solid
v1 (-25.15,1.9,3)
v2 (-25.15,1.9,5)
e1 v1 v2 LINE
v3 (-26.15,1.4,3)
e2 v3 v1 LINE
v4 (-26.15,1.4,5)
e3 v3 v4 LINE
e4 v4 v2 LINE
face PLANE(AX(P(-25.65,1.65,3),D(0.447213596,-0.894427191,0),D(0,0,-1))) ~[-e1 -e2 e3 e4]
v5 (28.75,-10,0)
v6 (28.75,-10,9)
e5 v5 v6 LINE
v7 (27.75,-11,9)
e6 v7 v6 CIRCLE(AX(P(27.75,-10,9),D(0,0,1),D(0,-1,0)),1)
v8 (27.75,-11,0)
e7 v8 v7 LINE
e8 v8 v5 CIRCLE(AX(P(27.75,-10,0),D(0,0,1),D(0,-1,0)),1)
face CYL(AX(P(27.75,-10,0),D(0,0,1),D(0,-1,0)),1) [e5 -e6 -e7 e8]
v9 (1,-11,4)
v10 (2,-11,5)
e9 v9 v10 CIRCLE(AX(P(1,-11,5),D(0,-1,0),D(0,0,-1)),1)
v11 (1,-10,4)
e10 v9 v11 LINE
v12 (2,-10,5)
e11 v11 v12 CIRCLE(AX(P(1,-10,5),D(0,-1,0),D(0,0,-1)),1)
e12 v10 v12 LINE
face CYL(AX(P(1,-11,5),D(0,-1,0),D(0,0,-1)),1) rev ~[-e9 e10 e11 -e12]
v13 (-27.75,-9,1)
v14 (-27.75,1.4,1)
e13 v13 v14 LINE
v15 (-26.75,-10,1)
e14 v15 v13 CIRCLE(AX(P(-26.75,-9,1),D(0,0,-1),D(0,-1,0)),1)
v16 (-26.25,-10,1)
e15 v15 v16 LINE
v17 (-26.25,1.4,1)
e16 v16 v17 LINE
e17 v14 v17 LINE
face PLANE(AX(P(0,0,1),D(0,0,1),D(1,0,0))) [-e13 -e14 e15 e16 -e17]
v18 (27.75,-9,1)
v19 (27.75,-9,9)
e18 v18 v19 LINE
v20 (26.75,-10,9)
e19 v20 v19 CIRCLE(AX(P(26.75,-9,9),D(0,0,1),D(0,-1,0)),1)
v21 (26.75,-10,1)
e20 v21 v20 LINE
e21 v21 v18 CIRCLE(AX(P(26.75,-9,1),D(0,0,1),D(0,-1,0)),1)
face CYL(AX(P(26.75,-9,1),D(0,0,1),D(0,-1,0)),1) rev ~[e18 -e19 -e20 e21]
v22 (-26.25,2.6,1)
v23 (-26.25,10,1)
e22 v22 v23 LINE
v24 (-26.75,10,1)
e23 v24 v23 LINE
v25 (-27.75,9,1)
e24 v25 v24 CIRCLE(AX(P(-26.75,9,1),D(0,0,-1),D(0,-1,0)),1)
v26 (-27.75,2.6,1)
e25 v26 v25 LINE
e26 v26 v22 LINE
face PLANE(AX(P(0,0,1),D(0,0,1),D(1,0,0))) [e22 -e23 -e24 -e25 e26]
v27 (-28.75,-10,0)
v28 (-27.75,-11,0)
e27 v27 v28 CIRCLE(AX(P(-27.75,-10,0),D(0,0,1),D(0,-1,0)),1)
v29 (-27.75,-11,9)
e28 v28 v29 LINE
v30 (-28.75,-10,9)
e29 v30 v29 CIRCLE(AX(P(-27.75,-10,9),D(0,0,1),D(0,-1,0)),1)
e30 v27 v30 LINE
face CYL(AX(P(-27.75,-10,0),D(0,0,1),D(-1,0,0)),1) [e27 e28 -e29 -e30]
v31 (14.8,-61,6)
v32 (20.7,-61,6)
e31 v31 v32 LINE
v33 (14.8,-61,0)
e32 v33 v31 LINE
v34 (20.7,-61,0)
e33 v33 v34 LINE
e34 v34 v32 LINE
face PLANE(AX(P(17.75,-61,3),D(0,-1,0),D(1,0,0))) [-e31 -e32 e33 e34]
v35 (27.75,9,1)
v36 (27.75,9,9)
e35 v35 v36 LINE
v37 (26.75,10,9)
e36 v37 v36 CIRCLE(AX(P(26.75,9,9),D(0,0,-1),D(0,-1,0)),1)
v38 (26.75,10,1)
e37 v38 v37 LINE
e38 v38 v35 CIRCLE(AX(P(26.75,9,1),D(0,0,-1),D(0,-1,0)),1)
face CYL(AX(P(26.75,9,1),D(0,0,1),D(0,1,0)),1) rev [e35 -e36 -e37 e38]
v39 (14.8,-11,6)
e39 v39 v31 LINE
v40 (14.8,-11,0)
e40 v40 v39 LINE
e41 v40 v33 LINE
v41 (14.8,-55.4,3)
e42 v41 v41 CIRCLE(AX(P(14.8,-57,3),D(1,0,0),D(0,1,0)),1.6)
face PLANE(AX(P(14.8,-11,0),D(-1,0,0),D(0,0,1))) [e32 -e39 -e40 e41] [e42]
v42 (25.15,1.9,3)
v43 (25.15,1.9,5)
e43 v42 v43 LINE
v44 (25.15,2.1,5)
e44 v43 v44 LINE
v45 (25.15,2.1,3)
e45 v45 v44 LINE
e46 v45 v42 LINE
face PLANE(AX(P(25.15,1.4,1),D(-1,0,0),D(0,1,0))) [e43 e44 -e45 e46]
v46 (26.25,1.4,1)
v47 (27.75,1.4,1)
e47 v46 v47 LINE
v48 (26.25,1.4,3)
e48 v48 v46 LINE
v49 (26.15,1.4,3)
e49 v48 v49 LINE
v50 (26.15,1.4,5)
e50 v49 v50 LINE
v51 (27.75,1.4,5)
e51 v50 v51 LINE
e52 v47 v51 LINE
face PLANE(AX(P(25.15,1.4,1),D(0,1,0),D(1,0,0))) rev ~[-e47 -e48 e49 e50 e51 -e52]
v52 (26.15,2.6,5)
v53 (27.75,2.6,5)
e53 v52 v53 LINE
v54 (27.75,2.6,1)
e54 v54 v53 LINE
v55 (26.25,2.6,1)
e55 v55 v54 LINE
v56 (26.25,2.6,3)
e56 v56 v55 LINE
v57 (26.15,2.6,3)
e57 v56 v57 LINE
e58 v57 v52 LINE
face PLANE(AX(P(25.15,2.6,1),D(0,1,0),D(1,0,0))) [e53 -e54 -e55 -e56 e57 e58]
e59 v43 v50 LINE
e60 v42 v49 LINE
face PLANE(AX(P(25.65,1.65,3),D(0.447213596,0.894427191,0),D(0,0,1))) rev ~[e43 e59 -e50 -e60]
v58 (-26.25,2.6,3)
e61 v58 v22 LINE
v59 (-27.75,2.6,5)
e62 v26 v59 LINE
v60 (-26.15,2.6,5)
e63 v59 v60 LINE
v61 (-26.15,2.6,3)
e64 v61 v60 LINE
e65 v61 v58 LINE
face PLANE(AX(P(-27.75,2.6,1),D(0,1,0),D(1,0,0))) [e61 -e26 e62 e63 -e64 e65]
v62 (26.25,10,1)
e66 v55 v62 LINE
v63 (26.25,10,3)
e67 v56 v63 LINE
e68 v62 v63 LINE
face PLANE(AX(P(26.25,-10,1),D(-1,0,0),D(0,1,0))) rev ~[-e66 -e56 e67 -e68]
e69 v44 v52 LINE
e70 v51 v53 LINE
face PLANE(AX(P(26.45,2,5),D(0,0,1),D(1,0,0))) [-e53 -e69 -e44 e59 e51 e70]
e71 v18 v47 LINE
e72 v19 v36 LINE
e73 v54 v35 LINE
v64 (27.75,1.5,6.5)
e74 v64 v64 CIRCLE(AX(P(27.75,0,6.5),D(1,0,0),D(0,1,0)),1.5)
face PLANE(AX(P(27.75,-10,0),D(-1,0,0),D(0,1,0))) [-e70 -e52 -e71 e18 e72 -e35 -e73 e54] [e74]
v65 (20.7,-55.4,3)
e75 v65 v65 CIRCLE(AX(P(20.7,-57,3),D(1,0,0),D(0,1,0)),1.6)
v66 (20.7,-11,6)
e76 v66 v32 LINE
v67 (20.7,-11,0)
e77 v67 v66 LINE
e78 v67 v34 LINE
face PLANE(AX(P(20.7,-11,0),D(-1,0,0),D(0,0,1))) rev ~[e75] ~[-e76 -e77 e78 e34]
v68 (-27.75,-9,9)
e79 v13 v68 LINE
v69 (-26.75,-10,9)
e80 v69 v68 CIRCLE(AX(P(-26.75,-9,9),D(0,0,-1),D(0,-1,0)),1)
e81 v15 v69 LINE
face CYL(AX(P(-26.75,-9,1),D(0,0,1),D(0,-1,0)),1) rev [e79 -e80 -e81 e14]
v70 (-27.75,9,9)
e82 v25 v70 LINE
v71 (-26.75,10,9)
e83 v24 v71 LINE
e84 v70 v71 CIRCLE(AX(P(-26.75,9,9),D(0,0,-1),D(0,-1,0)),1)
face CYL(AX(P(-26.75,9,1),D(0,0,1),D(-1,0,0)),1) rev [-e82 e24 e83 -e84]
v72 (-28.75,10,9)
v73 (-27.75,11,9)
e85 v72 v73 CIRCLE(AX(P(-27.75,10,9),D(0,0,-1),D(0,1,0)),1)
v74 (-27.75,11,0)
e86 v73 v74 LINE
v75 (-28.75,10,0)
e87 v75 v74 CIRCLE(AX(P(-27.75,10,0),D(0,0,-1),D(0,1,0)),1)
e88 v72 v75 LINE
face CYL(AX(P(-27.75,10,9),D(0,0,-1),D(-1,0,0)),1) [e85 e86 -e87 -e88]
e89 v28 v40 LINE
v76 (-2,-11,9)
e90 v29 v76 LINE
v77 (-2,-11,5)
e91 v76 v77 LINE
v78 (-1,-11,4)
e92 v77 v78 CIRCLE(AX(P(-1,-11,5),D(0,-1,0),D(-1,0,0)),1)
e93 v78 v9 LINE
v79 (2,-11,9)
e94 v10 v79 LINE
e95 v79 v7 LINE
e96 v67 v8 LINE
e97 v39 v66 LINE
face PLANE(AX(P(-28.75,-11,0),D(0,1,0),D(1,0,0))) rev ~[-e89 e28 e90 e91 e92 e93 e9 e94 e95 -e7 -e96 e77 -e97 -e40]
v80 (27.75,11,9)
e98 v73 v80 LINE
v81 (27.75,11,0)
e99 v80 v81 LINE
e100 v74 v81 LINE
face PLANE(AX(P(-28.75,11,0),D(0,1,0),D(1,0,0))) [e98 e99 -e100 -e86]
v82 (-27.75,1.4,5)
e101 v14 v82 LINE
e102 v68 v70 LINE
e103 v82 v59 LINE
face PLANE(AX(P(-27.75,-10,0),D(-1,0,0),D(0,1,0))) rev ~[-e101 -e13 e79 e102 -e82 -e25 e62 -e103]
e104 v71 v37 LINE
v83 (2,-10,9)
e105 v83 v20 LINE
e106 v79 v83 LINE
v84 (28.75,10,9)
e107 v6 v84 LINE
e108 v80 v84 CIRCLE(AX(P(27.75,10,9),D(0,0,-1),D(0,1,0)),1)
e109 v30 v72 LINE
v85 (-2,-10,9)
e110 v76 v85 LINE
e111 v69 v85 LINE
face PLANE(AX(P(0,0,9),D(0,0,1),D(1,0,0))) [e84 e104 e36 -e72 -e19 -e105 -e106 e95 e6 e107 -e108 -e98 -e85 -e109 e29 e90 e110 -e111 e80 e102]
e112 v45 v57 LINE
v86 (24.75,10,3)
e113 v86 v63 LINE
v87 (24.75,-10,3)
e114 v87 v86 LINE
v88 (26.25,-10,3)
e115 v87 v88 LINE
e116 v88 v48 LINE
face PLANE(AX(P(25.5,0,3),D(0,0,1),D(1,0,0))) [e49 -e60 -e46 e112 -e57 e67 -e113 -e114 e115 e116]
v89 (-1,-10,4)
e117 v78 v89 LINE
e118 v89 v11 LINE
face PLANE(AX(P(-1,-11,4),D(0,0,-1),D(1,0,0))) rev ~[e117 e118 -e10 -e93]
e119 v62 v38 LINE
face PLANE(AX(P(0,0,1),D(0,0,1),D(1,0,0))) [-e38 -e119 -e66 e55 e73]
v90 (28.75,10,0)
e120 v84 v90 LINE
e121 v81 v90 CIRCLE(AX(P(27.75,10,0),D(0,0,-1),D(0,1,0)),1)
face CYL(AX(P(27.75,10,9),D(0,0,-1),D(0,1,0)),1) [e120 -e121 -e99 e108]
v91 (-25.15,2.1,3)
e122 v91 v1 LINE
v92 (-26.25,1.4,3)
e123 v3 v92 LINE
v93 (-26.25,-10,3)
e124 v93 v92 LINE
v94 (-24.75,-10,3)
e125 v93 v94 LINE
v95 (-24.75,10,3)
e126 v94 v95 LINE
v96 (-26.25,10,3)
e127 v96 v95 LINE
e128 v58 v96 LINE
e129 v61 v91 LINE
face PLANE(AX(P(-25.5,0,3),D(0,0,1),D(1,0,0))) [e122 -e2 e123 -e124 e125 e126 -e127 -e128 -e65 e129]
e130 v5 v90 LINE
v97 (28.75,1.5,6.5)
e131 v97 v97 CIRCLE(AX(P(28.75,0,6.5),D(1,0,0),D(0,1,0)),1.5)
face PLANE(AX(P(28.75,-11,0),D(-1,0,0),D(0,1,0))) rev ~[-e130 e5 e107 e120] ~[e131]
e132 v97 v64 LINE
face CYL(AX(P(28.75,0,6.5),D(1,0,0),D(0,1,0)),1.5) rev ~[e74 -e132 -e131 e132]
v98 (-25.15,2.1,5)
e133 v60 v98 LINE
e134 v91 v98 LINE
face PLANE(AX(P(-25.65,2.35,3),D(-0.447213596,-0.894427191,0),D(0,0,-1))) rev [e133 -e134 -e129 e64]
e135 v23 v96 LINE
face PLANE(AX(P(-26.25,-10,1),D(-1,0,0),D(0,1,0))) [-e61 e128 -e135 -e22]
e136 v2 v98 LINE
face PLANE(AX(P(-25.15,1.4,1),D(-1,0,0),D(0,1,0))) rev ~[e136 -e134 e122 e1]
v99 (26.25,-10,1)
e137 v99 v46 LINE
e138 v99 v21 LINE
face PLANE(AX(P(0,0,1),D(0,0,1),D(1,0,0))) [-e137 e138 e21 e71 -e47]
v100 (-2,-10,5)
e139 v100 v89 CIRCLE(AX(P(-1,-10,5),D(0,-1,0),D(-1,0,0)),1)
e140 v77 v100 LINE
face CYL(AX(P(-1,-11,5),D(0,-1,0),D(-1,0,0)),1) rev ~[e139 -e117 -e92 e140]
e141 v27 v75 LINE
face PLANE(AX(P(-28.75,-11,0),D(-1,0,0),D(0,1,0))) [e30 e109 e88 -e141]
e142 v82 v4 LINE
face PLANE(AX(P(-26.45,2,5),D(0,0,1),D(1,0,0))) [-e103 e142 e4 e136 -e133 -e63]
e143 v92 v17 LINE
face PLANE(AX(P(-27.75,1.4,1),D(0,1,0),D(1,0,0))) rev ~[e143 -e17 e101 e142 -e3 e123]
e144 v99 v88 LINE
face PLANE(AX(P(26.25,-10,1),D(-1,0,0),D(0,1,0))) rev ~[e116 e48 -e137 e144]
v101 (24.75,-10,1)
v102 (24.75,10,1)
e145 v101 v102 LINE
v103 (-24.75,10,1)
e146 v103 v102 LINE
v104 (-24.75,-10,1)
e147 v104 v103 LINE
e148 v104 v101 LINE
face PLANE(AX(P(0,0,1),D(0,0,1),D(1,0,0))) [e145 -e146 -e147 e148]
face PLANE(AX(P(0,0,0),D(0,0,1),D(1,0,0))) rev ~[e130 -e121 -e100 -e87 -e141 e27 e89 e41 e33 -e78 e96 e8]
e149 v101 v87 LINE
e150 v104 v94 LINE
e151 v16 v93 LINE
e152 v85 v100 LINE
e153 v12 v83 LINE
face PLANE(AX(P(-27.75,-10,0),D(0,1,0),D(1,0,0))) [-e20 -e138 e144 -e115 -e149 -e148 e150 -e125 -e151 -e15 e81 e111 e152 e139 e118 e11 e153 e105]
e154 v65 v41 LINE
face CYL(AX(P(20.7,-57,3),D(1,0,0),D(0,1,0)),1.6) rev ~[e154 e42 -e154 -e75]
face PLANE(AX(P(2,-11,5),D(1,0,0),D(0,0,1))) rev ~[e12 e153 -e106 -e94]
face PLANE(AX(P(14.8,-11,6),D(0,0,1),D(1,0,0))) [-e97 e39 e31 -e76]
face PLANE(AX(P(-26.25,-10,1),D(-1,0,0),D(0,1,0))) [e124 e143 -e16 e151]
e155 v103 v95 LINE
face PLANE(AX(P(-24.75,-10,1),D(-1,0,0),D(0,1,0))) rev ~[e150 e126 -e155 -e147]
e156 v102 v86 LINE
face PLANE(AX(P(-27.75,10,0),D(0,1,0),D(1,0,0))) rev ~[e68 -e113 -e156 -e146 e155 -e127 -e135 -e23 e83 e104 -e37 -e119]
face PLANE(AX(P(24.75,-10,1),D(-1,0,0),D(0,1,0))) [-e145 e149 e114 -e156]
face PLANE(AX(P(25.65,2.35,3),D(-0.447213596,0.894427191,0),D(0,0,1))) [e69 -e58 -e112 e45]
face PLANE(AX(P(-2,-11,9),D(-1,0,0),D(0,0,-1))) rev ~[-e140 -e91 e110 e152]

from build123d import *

# Parameters (mm, degrees)
F0_W        = 57.5
F0_H        = 22
F0_W_2      = 55.5
F0_H_2      = 20
F1_DEPTH    = 9
F2_W        = 57.5
F2_H        = 22
F3_DEPTH    = 1
F5_DEPTH    = 1
F6_W        = 5.9
F6_H        = 6
F7_DEPTH    = 50
F8_R        = 1.6
F9_DEPTH    = 5.9
F10_W       = 1.5
F10_H       = 20
F11_DEPTH   = 2
F12_R       = 1
F13_R       = 1
F14_R       = 1.5
F15_DEPTH   = 1
F16_W       = 2.6
F16_H       = 1.2
F17_DEPTH   = 4
F18_SIZE2   = 0.5
F18_SIZE    = 1
F18_2_SIZE2 = 0.5
F18_2_SIZE  = 1
F19_SIZE2   = 1
F19_SIZE    = 0.5


with BuildPart() as f1:
    # F0 (on Top) → F1 (new body)
    with BuildSketch(Plane.XY):
        Rectangle(F0_W, F0_H)
        Rectangle(F0_W_2, F0_H_2, mode=Mode.SUBTRACT)
    extrude(amount=F1_DEPTH)

    # F2 (on Top) → F3 (join)
    with BuildSketch(Plane.XY):
        Rectangle(F2_W, F2_H)
    extrude(amount=F3_DEPTH)

    # F4 (on face) → F5 (cut, through all)
    with BuildSketch(Plane.XZ.offset(11)):
        with BuildLine():
            Line((2, 9), (-2, 9))
            Line((-2, 9), (-2, 5))
            ThreePointArc((-2, 5), (-1.7071067812, 4.2928932188), (-1, 4))
            Line((-1, 4), (1, 4))
            ThreePointArc((1, 4), (1.7071067812, 4.2928932188), (2, 5))
            Line((2, 5), (2, 9))
        make_face()
    extrude(amount=-F5_DEPTH, mode=Mode.SUBTRACT)

    # F6 (on face) → F7 (join)
    with BuildSketch(Plane.XZ.offset(11)):
        with Locations((17.75, 3)):
            Rectangle(F6_W, F6_H)
    extrude(amount=F7_DEPTH)

    # F8 (on face) → F9 (cut, through all)
    with BuildSketch(Plane.YZ.offset(20.7)):
        with Locations((-57, 3)):
            Circle(F8_R)
    extrude(amount=-F9_DEPTH, mode=Mode.SUBTRACT)

    # F10 (on face) → F11 (join)
    with BuildSketch(Plane.XY.offset(1)):
        with Locations((-25.5, 0)):
            Rectangle(F10_W, F10_H)
        with Locations((25.5, 0)):
            Rectangle(F10_W, F10_H)
    extrude(amount=F11_DEPTH)

    # F12
    f12_edges = [f1.edges().sort_by_distance(p)[0] for p in [
        (-28.75, -11, 4.5),
        (28.75, -11, 4.5),
        (28.75, 11, 4.5),
        (-28.75, 11, 4.5),
    ]]
    fillet(f12_edges, radius=F12_R)

    # F13
    f13_edges = [f1.edges().sort_by_distance(p)[0] for p in [
        (-27.75, 10, 5),
        (27.75, 10, 5),
        (27.75, -10, 5),
        (-27.75, -10, 5),
    ]]
    fillet(f13_edges, radius=F13_R)

    # F14 (on face) → F15 (cut, through all)
    with BuildSketch(Plane.YZ.offset(28.75)):
        with Locations((0, 6.5)):
            Circle(F14_R)
    extrude(amount=-F15_DEPTH, mode=Mode.SUBTRACT)

    # F16 (on face) → F17 (join)
    with BuildSketch(Plane.XY.offset(1)):
        with Locations((26.45, 2)):
            Rectangle(F16_W, F16_H)
        with Locations((-26.45, 2)):
            Rectangle(F16_W, F16_H)
    extrude(amount=F17_DEPTH)

    # F18
    f18_edges = [f1.edges().sort_by_distance(p)[0] for p in [
        (-25.15, 2.6, 4),
    ]]
    f18_side = f1.faces().sort_by_distance((-26.65122, 2.6, 3.268293))[0]
    chamfer(f18_edges, length=F18_SIZE, length2=F18_SIZE2, reference=f18_side)

    # F18#2
    f18_2_edges = [f1.edges().sort_by_distance(p)[0] for p in [
        (-25.15, 1.4, 4),
    ]]
    f18_2_side = f1.faces().sort_by_distance((-26.65122, 1.4, 3.268293))[0]
    chamfer(f18_2_edges, length=F18_2_SIZE, length2=F18_2_SIZE2, reference=f18_2_side)

    # F19
    f19_edges = [f1.edges().sort_by_distance(p)[0] for p in [
        (25.15, 2.6, 4),
        (25.15, 1.4, 4),
    ]]
    f19_side = f1.faces().sort_by_distance((25.15, 2, 4))[0]
    chamfer(f19_edges, length=F19_SIZE, length2=F19_SIZE2, reference=f19_side)


solid = f1.part
